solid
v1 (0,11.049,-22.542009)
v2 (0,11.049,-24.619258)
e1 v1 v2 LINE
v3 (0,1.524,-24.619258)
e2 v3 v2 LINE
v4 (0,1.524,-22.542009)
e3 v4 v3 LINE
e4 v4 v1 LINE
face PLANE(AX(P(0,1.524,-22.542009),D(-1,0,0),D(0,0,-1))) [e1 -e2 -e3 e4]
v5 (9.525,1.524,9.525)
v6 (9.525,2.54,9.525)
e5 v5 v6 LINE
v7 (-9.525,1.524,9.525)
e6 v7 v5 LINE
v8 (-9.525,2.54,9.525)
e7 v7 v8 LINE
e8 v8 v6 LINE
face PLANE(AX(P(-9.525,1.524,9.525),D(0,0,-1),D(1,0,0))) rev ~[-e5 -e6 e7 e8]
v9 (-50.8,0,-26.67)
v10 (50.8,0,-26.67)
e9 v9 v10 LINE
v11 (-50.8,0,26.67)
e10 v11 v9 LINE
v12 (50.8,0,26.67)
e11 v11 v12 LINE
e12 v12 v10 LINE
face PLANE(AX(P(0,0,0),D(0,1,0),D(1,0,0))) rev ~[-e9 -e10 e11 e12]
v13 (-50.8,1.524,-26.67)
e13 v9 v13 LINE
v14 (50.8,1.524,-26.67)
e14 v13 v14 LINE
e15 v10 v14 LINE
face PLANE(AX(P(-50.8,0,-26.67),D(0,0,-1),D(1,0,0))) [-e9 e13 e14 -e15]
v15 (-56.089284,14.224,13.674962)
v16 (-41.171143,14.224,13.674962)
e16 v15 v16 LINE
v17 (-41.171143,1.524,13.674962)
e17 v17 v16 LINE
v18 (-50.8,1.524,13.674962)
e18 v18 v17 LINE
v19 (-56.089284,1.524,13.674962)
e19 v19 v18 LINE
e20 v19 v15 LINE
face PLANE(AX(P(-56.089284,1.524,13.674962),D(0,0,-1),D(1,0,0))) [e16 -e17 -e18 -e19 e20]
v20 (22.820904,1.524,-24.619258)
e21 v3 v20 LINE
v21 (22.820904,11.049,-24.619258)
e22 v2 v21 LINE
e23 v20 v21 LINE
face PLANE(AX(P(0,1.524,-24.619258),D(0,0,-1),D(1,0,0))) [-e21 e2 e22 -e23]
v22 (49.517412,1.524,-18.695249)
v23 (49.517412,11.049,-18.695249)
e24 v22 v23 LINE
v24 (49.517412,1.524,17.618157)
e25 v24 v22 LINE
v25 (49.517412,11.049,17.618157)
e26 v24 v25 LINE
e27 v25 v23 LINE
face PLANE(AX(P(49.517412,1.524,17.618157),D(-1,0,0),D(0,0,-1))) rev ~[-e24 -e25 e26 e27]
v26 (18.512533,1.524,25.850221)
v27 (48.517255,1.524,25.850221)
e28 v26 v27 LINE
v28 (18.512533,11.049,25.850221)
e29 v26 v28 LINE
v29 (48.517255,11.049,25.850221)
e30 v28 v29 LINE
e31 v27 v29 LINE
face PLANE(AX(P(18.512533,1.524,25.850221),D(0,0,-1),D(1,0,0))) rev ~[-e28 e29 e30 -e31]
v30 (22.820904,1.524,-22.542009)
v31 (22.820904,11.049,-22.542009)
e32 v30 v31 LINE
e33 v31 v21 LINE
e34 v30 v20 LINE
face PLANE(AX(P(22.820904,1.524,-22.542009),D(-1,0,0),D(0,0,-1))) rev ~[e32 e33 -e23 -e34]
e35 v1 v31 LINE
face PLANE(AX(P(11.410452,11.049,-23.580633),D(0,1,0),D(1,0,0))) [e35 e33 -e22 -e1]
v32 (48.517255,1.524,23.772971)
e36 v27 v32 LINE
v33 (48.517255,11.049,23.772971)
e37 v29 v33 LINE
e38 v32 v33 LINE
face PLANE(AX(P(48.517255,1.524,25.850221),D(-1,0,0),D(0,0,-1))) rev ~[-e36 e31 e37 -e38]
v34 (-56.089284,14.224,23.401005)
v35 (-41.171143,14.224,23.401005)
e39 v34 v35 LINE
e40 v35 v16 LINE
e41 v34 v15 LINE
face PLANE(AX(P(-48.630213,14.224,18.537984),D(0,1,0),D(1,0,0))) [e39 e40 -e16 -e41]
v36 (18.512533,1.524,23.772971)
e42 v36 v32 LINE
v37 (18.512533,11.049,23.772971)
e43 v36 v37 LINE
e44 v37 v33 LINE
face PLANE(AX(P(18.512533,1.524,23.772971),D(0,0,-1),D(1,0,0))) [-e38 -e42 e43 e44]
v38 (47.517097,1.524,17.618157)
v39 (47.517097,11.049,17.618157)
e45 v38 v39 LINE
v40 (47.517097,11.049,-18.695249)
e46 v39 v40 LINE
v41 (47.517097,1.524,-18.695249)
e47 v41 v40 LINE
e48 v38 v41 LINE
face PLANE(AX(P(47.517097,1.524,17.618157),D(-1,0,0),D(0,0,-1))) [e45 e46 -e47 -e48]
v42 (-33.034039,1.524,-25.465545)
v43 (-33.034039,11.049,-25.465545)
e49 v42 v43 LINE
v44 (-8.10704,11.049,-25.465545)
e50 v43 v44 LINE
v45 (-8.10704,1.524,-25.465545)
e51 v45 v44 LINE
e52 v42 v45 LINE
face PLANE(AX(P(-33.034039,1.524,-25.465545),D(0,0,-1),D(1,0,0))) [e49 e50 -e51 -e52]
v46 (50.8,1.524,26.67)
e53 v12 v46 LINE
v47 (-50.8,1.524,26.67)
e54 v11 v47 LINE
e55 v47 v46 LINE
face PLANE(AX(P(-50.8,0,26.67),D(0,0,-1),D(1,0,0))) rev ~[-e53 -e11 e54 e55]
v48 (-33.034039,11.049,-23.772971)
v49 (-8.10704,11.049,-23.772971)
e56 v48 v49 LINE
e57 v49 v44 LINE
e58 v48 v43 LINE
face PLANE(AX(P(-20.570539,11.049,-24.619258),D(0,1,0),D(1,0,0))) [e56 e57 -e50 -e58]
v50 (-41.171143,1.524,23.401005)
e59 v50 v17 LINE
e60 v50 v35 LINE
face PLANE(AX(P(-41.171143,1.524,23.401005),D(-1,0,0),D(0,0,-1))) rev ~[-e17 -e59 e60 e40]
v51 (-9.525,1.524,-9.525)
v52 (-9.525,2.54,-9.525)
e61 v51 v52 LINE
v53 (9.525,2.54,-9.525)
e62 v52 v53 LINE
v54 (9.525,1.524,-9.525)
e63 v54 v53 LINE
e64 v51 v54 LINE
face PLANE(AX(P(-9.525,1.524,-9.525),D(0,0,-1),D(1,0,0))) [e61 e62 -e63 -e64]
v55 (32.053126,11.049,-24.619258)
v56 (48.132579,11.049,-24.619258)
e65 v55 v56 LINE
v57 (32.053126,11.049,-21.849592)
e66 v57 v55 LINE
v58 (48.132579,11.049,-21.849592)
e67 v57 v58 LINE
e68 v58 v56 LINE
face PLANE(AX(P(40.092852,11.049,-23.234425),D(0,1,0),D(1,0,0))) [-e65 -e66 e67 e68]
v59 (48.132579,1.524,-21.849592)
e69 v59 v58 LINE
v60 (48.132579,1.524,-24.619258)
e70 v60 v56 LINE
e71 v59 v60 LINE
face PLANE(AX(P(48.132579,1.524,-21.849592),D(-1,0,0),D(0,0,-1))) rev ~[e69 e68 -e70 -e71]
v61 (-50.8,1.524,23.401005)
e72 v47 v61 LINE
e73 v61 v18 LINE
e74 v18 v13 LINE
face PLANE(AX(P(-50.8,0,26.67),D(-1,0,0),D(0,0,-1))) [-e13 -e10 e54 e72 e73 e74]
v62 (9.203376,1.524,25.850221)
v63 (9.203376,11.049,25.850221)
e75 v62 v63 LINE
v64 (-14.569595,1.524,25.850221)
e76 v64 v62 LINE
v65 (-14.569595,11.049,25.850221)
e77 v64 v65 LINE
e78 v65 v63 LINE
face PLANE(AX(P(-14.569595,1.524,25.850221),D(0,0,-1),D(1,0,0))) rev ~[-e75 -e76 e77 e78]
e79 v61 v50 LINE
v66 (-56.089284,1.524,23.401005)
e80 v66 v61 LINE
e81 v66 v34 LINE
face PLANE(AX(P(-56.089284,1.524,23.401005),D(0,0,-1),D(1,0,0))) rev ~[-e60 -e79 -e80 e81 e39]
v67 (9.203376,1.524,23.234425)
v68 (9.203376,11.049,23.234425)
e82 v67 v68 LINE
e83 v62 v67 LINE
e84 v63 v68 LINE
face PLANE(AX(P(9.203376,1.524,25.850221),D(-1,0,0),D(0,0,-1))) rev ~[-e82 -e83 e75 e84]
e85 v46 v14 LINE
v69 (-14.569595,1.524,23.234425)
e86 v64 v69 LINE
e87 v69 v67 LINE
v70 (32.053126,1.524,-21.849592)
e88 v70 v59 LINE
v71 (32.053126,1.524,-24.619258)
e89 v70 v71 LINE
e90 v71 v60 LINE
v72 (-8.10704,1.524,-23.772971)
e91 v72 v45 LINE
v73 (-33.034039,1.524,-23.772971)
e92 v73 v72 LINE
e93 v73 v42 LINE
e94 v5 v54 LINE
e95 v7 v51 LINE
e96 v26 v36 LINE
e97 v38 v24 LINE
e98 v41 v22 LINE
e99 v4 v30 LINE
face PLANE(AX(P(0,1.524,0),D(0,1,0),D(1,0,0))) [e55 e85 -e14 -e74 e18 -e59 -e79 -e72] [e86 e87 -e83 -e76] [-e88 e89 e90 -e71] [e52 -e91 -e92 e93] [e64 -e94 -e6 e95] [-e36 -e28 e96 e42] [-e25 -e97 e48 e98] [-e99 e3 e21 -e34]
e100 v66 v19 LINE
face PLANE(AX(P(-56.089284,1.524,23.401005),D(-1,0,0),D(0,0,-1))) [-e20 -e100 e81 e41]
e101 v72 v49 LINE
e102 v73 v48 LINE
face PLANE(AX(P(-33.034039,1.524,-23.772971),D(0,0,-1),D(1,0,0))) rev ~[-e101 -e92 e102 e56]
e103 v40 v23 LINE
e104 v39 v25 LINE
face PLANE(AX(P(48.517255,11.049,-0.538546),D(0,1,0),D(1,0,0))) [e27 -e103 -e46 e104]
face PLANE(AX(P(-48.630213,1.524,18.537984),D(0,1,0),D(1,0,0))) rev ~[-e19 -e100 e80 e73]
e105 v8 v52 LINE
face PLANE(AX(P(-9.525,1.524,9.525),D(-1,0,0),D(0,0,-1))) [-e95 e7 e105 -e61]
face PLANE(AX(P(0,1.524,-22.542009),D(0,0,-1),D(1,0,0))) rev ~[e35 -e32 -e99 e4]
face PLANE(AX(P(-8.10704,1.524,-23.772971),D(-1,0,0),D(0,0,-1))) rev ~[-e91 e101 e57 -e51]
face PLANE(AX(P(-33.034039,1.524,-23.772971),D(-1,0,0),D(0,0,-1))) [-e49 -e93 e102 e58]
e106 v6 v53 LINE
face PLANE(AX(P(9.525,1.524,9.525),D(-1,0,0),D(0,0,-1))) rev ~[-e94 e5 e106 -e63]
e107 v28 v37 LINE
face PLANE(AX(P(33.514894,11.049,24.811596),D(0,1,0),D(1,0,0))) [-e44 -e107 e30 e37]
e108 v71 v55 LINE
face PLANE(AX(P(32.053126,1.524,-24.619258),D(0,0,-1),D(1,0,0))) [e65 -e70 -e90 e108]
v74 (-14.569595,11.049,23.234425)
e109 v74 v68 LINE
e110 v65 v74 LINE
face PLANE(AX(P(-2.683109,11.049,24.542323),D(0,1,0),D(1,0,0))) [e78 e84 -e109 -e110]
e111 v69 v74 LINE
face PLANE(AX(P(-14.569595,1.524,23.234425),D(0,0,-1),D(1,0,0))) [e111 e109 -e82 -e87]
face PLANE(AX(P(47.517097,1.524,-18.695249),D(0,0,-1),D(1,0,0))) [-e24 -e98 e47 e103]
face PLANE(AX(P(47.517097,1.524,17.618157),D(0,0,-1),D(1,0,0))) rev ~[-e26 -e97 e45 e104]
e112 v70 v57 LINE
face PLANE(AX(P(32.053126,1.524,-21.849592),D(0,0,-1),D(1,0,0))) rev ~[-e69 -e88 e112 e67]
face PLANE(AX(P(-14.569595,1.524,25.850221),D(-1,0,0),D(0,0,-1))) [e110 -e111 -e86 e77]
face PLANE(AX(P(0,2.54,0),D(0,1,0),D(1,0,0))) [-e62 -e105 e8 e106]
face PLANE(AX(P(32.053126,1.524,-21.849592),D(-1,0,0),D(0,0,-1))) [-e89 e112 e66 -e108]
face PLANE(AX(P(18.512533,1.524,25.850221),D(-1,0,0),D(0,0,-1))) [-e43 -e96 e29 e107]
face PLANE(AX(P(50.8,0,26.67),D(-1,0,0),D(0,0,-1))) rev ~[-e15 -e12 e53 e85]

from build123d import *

# Parameters (mm, degrees)
SKETCH1_W           = 101.6
SKETCH1_H           = 53.34
BOSS_EXTRUDE1_DEPTH = 1.524
SKETCH2_W           = 19.05
SKETCH2_H           = 19.05
BOSS_EXTRUDE2_DEPTH = 1.016
SKETCH3_W           = 14.918140665
SKETCH3_H           = 9.726042688
BOSS_EXTRUDE3_DEPTH = 12.7
SKETCH4_W           = 24.926999196
SKETCH4_H           = 1.692574019
SKETCH4_W_2         = 22.820903589
SKETCH4_H_2         = 2.077249933
SKETCH4_W_3         = 16.079453185
SKETCH4_H_3         = 2.769666577
SKETCH4_W_4         = 2.00031475
SKETCH4_H_4         = 36.313406236
SKETCH4_W_5         = 30.004721254
SKETCH4_W_6         = 23.772971456
SKETCH4_H_5         = 2.615796212
BOSS_EXTRUDE4_DEPTH = 9.525


with BuildPart() as part:
    # Sketch1 → Boss-Extrude1 (new body)
    with BuildSketch(Plane(origin=(0, 0, 0), x_dir=(1, 0, 0), z_dir=(0, 1, 0))):
        Rectangle(SKETCH1_W, SKETCH1_H)
    extrude(amount=BOSS_EXTRUDE1_DEPTH)

    # Sketch2 → Boss-Extrude2 (add)
    with BuildSketch(Plane(origin=(0, 1.524, 0), x_dir=(1, 0, 0), z_dir=(0, 1, 0))):
        Rectangle(SKETCH2_W, SKETCH2_H)
    extrude(amount=BOSS_EXTRUDE2_DEPTH)

    # Sketch3 → Boss-Extrude3 (add)
    with BuildSketch(Plane(origin=(0, 1.524, 0), x_dir=(1, 0, 0), z_dir=(0, 1, 0))):
        with Locations((-48.63021344, -18.537983619)):
            Rectangle(SKETCH3_W, SKETCH3_H)
    extrude(amount=BOSS_EXTRUDE3_DEPTH)

    # Sketch4 → Boss-Extrude4 (add)
    with BuildSketch(Plane(origin=(0, 1.524, 0), x_dir=(1, 0, 0), z_dir=(0, 1, 0))):
        with Locations((-20.570539456, 24.619258466)):
            Rectangle(SKETCH4_W, SKETCH4_H)
        with Locations((11.410451795, 23.580633498)):
            Rectangle(SKETCH4_W_2, SKETCH4_H_2)
        with Locations((40.092852107, 23.234425177)):
            Rectangle(SKETCH4_W_3, SKETCH4_H_3)
        with Locations((48.517254612, 0.538546279)):
            Rectangle(SKETCH4_W_4, SKETCH4_H_4)
        with Locations((33.514893985, -24.811596423)):
            Rectangle(SKETCH4_W_5, SKETCH4_H_2)
        with Locations((-2.683109477, -24.542323283)):
            Rectangle(SKETCH4_W_6, SKETCH4_H_5)
    extrude(amount=BOSS_EXTRUDE4_DEPTH)


solid = part.part
